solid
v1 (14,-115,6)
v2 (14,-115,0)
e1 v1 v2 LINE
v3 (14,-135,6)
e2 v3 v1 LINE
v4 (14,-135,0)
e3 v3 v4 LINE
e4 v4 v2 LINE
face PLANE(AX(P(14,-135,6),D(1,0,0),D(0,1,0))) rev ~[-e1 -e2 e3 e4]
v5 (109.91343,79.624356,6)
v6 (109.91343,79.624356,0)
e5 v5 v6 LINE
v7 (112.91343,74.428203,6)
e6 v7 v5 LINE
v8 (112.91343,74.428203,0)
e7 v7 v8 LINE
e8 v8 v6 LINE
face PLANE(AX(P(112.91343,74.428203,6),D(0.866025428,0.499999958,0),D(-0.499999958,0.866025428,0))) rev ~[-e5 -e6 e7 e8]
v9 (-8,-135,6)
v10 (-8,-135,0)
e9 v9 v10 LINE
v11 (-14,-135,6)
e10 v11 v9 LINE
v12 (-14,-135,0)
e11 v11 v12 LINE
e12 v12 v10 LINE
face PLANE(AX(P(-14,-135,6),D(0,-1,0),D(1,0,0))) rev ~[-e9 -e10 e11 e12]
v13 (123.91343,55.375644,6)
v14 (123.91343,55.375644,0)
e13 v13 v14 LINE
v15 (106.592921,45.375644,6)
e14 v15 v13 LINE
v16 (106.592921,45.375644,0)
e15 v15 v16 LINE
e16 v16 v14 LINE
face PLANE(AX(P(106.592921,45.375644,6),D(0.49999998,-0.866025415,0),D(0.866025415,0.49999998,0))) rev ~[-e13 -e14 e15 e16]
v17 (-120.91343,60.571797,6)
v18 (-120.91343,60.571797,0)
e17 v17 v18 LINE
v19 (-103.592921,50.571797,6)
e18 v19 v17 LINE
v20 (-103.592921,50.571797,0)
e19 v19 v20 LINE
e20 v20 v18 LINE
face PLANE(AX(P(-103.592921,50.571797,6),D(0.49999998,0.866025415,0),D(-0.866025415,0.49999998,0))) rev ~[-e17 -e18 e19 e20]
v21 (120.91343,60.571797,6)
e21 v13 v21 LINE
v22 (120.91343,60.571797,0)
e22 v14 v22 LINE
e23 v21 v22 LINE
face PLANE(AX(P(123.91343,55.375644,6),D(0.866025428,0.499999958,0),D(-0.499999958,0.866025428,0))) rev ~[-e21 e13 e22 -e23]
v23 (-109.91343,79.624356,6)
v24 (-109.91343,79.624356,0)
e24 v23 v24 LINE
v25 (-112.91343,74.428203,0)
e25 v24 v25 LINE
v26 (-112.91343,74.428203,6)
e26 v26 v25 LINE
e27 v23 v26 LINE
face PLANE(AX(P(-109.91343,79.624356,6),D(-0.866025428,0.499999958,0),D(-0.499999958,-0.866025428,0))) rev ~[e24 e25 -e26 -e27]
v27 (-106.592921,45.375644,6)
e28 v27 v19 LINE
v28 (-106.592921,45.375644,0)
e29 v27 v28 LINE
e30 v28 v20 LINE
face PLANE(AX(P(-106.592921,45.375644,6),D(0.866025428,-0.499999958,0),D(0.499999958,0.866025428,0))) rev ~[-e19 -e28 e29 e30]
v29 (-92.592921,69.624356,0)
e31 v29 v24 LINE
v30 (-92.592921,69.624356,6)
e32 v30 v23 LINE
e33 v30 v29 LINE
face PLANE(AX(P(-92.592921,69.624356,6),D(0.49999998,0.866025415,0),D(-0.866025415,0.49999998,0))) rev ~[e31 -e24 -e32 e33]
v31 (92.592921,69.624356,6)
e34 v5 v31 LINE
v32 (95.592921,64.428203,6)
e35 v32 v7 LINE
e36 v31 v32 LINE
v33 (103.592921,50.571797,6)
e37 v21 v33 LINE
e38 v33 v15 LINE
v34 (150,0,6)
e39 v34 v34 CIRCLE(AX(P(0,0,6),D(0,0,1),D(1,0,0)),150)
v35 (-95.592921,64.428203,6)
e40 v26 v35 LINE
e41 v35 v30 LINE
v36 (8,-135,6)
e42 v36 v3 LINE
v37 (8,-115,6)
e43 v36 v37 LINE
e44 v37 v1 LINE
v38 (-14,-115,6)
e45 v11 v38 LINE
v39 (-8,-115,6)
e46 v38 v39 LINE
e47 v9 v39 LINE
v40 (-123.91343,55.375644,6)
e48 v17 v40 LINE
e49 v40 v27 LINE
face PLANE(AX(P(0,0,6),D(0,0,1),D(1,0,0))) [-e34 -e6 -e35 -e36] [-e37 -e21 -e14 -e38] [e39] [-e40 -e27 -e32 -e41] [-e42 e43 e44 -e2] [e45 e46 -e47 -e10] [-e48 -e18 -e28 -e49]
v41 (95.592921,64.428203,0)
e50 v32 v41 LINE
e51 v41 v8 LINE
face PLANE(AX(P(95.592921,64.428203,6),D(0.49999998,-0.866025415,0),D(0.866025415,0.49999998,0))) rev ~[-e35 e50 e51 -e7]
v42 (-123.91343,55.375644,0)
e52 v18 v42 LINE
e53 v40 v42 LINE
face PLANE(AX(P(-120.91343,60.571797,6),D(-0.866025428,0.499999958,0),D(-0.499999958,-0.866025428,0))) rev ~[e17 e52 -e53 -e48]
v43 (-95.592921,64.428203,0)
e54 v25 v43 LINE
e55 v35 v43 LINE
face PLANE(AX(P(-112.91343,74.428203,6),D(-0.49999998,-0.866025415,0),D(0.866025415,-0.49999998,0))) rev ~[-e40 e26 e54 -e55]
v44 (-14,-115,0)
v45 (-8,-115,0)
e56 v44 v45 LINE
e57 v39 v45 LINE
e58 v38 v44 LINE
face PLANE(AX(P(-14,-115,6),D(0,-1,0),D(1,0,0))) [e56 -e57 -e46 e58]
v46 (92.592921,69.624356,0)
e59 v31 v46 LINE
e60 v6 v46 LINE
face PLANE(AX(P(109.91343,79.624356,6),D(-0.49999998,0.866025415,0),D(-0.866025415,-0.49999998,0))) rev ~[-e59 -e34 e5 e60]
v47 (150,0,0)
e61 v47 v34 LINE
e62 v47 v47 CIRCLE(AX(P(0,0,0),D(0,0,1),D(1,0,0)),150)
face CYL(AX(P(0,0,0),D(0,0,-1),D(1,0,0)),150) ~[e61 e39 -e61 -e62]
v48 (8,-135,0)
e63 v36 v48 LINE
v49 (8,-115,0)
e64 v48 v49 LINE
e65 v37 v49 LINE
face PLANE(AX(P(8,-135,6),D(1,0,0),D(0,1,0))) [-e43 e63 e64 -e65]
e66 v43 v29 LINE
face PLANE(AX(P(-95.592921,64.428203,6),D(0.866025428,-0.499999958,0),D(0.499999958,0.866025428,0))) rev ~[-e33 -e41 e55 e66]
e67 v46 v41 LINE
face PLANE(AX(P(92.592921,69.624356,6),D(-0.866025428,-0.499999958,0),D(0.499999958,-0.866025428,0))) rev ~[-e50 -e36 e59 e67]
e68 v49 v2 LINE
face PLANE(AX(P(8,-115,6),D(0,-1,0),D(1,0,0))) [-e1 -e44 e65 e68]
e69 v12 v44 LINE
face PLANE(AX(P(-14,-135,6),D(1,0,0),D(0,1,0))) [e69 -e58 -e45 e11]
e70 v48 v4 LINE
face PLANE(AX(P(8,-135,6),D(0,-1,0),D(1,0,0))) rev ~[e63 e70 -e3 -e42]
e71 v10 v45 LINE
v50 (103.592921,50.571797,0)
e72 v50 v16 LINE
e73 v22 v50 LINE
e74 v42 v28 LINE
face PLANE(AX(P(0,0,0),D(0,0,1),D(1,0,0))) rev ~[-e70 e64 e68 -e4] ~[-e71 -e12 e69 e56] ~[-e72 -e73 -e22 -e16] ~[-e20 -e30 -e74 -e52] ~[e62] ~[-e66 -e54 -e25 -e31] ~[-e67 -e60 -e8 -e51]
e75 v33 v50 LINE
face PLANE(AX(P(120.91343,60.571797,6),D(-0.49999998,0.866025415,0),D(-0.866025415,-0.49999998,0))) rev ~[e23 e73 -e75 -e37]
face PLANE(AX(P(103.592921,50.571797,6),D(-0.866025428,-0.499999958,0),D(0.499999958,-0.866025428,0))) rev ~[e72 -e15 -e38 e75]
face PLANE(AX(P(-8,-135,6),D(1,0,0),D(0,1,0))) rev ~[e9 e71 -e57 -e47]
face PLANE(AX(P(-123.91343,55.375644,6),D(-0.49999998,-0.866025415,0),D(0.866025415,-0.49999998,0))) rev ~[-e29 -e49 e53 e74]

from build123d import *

# Parameters (mm, degrees)
F0_R     = 150
F1_DEPTH = 6
F2_W     = 6
F2_H     = 20
F3_DEPTH = 6.001


with BuildPart() as f1:
    # F0 (on Top) → F1 (new body)
    with BuildSketch(Plane.XY):
        Circle(F0_R)
    extrude(amount=F1_DEPTH)

    # F2 (on face) → F3 (cut, through all)
    with BuildSketch(Plane.XY.offset(6)):
        with Locations((-11, -125)):
            Rectangle(F2_W, F2_H)
        with Locations((11, -125)):
            Rectangle(F2_W, F2_H)
        Polygon((103.592921, 50.571797), (106.592921, 45.375644), (123.91343, 55.375644), (120.91343, 60.571797), align=None)
        Polygon((92.592921, 69.624356), (95.592921, 64.428203), (112.91343, 74.428203), (109.91343, 79.624356), align=None)
        Polygon((-95.592921, 64.428203), (-92.592921, 69.624356), (-109.91343, 79.624356), (-112.91343, 74.428203), align=None)
        Polygon((-106.592921, 45.375644), (-103.592921, 50.571797), (-120.91343, 60.571797), (-123.91343, 55.375644), align=None)
    extrude(amount=-F3_DEPTH, mode=Mode.SUBTRACT)


solid = f1.part
